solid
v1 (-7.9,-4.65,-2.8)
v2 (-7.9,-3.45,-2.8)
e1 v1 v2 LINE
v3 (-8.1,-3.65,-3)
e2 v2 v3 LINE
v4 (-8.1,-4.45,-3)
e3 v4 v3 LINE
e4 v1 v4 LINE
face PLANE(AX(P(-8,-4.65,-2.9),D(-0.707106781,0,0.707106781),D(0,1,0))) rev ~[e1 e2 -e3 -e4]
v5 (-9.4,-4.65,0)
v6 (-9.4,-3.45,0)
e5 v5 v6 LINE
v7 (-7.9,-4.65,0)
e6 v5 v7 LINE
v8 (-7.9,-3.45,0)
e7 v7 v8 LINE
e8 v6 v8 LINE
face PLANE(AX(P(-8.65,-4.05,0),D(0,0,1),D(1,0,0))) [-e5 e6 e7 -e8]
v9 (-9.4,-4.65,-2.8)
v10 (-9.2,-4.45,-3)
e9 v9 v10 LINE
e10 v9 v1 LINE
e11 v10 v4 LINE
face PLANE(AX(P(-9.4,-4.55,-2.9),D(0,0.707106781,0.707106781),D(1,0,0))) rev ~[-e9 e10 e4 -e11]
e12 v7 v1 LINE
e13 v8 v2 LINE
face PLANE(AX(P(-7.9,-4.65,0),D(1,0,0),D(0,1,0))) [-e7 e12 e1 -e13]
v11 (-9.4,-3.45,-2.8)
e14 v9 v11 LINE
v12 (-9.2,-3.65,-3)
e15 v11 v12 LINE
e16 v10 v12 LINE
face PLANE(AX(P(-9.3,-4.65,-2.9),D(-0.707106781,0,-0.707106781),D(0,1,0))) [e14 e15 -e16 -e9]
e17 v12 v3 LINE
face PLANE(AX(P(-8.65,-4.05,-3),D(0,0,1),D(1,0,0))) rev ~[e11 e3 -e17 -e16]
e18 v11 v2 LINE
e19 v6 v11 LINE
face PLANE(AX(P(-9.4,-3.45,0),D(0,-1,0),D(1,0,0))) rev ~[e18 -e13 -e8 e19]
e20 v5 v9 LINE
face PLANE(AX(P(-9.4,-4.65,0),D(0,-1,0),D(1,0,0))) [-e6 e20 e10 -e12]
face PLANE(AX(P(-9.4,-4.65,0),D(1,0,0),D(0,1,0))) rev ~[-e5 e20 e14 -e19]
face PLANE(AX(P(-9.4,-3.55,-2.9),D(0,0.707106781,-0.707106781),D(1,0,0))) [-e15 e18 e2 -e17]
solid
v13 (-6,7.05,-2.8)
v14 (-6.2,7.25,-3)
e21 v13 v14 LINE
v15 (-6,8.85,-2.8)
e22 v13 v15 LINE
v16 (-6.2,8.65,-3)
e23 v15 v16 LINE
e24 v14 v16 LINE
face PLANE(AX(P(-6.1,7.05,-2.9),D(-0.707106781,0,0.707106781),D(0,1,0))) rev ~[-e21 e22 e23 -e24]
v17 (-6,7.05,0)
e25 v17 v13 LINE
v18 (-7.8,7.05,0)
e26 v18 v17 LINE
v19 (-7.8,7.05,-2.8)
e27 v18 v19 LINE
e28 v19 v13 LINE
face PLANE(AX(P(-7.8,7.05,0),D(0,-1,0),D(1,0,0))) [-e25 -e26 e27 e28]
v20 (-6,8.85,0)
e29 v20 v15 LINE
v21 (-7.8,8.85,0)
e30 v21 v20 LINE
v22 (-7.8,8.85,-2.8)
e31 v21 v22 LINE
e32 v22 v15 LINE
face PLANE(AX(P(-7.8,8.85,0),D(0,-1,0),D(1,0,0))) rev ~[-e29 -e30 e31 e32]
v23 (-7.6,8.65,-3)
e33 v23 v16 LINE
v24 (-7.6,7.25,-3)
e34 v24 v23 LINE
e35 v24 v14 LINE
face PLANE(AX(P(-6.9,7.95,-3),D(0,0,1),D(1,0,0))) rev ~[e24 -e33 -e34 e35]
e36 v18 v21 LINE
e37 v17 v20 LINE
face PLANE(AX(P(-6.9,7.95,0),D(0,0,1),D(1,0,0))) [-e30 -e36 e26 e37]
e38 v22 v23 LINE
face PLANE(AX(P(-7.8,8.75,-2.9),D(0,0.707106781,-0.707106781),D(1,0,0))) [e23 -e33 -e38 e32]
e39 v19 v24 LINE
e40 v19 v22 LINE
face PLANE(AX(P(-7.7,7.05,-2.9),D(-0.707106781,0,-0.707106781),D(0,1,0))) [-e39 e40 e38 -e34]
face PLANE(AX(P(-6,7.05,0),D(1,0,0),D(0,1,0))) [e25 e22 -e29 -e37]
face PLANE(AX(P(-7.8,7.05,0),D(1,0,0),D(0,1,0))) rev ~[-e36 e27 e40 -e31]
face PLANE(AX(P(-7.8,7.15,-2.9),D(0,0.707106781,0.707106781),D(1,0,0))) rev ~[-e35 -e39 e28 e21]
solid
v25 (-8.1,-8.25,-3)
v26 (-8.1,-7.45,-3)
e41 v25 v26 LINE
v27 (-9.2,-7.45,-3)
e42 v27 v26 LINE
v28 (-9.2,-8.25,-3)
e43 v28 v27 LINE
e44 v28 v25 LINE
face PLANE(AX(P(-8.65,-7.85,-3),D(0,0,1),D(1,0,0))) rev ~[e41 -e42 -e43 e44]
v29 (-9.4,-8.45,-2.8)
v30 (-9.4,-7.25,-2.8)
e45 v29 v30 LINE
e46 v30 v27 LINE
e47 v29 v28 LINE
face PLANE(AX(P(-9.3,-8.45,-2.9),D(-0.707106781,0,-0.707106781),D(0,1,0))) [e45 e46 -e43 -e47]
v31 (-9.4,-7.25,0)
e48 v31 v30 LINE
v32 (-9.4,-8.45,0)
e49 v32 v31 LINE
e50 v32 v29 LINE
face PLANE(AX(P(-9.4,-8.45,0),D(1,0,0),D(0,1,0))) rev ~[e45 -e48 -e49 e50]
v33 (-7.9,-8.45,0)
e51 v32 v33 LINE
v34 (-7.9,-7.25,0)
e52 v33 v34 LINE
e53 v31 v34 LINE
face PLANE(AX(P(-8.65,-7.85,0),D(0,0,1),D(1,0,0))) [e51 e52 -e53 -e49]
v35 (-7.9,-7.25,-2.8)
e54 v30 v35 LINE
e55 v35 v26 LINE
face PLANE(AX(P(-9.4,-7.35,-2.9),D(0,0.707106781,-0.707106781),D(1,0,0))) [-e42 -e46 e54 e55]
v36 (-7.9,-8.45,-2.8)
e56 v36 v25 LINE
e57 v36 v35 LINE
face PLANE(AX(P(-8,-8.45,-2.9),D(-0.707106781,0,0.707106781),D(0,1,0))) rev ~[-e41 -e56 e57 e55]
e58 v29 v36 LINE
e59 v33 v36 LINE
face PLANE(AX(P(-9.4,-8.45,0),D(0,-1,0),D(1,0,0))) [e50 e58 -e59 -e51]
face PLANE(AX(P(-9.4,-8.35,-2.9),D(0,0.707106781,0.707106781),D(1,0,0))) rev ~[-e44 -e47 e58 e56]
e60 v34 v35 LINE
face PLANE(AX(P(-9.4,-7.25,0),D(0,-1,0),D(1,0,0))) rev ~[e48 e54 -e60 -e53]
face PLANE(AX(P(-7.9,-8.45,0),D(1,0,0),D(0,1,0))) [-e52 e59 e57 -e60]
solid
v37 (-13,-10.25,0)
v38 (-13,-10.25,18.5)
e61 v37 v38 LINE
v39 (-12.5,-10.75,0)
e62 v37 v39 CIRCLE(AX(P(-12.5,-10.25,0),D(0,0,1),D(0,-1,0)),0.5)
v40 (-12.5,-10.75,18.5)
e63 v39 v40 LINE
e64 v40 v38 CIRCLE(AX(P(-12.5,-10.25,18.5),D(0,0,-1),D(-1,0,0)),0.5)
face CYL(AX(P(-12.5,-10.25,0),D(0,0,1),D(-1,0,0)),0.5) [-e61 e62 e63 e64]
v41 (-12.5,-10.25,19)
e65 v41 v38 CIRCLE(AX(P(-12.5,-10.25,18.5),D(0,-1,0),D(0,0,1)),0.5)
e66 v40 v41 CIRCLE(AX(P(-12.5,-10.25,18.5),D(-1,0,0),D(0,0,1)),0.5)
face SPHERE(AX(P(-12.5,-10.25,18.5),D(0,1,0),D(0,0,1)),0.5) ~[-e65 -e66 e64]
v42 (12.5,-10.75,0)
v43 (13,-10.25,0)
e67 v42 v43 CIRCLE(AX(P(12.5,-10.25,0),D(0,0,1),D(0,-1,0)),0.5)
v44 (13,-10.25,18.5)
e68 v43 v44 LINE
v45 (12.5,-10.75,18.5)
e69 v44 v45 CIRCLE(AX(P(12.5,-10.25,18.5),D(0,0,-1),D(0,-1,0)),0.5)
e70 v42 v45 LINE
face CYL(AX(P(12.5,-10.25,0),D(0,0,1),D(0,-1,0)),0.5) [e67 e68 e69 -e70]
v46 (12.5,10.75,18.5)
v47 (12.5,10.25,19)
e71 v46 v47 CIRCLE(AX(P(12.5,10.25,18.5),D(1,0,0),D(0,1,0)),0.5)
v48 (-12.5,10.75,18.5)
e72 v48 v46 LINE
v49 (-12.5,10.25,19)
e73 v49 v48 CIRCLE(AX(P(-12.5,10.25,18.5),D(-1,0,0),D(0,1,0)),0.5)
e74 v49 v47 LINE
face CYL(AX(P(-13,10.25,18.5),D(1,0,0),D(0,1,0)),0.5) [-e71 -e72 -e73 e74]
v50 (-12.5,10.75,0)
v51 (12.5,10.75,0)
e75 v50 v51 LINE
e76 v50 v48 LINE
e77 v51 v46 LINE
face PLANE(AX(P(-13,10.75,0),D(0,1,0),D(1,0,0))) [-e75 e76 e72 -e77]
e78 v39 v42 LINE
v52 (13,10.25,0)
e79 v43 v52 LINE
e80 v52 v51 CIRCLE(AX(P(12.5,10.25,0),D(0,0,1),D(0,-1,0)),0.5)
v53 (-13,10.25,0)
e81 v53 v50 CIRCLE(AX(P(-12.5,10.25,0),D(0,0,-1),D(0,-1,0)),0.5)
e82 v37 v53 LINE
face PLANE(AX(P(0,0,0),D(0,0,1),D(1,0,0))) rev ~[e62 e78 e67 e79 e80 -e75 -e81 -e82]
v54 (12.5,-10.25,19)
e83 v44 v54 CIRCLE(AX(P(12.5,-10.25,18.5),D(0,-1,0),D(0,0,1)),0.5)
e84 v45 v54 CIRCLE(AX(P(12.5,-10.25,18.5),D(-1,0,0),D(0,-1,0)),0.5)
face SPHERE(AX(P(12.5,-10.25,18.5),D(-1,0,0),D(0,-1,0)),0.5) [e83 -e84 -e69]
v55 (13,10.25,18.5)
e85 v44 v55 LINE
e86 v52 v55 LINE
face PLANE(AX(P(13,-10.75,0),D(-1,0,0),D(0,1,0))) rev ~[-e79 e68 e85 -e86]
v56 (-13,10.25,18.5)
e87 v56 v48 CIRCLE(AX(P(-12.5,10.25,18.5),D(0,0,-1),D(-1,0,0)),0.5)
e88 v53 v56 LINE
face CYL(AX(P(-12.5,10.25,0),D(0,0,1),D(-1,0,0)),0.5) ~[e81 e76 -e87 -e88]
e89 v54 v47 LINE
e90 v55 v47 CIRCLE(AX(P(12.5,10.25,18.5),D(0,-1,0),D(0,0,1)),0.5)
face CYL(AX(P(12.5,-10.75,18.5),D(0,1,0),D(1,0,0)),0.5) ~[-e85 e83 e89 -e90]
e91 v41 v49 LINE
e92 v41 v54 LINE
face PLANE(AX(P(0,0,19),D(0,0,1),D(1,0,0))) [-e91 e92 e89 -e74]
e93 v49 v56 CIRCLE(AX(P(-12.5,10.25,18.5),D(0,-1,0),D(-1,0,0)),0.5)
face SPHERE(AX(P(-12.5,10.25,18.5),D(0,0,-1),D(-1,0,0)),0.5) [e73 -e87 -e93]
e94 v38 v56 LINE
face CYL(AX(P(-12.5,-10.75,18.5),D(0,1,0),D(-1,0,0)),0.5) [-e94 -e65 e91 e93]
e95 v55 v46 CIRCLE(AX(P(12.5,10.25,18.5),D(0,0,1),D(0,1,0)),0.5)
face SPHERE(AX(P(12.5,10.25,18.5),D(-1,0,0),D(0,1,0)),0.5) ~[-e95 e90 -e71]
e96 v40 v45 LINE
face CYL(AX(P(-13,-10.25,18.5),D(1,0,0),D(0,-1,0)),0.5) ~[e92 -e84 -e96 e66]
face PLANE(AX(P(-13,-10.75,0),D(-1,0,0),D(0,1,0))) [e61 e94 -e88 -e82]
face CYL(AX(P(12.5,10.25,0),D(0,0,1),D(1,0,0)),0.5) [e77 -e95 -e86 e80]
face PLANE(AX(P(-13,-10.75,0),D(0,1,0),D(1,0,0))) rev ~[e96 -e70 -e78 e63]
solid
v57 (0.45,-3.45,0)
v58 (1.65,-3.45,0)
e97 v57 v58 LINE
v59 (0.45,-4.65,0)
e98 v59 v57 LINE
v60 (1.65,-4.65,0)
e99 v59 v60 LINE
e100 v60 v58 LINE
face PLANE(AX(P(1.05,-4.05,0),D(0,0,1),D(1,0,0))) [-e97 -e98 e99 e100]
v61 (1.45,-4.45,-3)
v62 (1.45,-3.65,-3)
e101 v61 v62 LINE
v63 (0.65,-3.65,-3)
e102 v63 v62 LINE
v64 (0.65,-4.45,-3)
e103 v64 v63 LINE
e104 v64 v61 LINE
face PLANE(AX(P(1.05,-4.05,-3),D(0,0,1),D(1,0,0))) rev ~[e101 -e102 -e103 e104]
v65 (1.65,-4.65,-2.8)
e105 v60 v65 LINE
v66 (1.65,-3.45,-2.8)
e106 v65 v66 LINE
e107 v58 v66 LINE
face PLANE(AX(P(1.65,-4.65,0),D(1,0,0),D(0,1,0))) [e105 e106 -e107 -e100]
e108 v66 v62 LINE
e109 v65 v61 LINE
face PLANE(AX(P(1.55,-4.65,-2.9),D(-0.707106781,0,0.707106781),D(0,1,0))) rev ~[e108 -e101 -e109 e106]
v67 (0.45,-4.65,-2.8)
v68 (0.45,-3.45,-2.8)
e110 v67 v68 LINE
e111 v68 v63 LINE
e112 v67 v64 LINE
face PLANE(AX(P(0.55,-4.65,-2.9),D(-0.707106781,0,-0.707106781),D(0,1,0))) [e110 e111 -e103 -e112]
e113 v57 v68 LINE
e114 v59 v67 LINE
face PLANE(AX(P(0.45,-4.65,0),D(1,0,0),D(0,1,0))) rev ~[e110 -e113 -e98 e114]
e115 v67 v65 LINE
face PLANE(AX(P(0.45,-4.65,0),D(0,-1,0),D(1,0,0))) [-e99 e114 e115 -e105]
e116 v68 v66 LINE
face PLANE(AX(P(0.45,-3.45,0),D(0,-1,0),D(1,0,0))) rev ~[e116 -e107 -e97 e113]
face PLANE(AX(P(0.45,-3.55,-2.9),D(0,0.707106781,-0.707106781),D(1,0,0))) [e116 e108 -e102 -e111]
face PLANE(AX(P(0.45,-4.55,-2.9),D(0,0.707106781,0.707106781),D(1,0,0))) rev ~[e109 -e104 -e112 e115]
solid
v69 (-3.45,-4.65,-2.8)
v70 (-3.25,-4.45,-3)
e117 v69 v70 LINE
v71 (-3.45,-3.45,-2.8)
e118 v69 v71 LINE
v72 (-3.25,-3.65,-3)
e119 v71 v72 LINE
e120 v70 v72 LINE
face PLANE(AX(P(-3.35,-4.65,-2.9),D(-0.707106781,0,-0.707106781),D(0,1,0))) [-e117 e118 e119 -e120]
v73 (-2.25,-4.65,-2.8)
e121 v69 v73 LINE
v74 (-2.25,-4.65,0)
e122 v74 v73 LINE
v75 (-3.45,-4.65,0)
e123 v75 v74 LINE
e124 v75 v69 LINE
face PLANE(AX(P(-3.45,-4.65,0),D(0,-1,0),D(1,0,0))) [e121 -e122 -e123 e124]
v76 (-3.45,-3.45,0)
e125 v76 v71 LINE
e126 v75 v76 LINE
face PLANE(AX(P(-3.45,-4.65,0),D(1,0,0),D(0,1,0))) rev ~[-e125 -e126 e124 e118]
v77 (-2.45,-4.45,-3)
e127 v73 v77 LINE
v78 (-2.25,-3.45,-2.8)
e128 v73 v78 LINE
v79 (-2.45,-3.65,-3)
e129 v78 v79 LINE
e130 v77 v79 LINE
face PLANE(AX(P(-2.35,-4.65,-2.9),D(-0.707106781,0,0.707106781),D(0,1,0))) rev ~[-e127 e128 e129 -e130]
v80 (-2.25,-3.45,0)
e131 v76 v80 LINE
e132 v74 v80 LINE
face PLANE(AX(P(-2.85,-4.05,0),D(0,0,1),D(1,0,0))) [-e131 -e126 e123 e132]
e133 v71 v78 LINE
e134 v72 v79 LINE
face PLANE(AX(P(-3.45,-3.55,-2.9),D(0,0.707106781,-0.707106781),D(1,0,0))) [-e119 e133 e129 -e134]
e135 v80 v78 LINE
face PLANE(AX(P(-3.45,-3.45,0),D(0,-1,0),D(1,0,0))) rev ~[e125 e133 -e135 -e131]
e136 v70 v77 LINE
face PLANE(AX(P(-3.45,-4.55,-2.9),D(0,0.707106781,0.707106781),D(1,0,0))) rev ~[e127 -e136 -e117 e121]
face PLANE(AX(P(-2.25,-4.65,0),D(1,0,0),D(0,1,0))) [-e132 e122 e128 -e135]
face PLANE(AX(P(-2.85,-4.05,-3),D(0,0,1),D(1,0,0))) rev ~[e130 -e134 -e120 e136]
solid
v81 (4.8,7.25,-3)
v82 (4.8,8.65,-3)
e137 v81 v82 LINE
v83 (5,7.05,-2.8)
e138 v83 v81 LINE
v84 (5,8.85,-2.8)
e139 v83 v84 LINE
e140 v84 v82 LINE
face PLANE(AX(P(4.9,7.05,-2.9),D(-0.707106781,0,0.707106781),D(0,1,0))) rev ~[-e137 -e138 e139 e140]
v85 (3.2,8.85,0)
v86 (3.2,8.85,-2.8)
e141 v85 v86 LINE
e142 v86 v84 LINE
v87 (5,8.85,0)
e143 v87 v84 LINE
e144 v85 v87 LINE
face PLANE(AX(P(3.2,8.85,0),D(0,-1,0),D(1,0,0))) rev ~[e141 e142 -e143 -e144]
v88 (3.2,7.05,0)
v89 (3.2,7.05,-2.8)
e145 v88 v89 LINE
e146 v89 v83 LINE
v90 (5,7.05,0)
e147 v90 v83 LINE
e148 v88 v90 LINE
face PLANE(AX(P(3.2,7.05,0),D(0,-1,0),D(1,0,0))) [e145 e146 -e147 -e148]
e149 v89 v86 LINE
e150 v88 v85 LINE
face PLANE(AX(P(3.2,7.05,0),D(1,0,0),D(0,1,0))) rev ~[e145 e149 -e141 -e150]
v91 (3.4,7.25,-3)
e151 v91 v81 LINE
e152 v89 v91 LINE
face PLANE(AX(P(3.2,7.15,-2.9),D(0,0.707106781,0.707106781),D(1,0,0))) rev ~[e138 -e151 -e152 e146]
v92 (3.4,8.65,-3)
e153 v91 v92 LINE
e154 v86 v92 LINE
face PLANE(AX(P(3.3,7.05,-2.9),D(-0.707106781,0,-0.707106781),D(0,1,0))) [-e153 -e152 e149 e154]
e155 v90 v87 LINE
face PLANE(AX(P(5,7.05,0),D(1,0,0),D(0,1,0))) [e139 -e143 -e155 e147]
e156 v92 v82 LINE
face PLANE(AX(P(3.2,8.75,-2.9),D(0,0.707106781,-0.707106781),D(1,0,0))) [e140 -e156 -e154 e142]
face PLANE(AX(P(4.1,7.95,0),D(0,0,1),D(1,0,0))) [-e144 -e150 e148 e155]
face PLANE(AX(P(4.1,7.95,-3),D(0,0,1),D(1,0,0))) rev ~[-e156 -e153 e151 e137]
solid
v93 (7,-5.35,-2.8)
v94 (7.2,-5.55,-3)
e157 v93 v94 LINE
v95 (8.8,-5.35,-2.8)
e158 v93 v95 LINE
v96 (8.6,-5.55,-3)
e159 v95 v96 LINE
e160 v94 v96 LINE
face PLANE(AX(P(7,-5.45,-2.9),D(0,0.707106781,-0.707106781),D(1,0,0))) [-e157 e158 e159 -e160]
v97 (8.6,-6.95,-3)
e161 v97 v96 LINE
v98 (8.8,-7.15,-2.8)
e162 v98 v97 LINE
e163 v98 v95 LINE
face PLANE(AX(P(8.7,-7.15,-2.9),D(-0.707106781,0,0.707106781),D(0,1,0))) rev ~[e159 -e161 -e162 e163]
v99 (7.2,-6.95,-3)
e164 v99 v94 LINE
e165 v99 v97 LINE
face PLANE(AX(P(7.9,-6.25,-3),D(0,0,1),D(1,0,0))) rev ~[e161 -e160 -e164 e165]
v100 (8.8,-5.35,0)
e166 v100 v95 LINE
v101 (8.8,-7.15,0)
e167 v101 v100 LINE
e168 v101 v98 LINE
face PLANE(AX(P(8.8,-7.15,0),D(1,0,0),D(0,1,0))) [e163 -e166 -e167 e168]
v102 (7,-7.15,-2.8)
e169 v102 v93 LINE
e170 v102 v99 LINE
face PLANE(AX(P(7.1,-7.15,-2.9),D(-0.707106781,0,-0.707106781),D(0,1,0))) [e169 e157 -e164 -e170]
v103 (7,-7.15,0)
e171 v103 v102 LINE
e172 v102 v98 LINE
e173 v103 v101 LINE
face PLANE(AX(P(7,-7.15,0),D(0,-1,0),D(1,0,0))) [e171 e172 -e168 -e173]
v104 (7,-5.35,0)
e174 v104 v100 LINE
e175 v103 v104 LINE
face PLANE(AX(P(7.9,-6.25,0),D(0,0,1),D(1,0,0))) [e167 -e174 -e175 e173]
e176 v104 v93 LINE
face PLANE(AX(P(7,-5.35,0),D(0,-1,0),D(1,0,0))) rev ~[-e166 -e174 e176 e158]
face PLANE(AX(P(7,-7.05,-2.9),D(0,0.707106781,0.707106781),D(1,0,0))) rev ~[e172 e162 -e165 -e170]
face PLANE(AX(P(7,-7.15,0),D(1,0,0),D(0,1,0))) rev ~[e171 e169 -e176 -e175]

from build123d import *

# Parameters (mm, degrees)
F0_W     = 26
F0_H     = 21.5
F2_DEPTH = 19
F1_W     = 1.8
F1_H     = 1.8
F1_W_2   = 1.5
F1_H_2   = 1.2
F1_W_3   = 1.2
F3_DEPTH = 3
F4_R     = 0.5
F5_SIZE  = 0.2


with BuildPart() as f2:
    # F0 (on Top) → F2 (new body)
    with BuildSketch(Plane.XY):
        Rectangle(F0_W, F0_H)
    extrude(amount=F2_DEPTH)

    # F4
    f4_edges = [f2.edges().sort_by_distance(p)[0] for p in [
        (-13, 10.75, 9.5),
        (-13, 0, 19),
        (0, 10.75, 19),
        (0, -10.75, 19),
        (-13, -10.75, 9.5),
        (13, 10.75, 9.5),
        (13, -10.75, 9.5),
        (13, 0, 19),
    ]]
    fillet(f4_edges, radius=F4_R)


with BuildPart() as f3:
    # F1 (on Top) → F3 (new body)
    with BuildSketch(Plane.XY):
        with Locations((4.1, 7.95)):
            Rectangle(F1_W, F1_H)
        with Locations((-6.9, 7.95)):
            Rectangle(F1_W, F1_H)
        with Locations((-8.65, -4.05)):
            Rectangle(F1_W_2, F1_H_2)
        with Locations((-2.85, -4.05)):
            Rectangle(F1_W_3, F1_H_2)
        with Locations((1.05, -4.05)):
            Rectangle(F1_W_3, F1_H_2)
        with Locations((-8.65, -7.85)):
            Rectangle(F1_W_2, F1_H_2)
        with Locations((7.9, -6.25)):
            Rectangle(F1_W, F1_H)
    extrude(amount=-F3_DEPTH)

    # F5
    f5_edges = [f3.edges().sort_by_distance(p)[0] for p in [
        (5, 7.95, -3),
        (4.1, 8.85, -3),
        (3.2, 7.95, -3),
        (4.1, 7.05, -3),
        (-6, 7.95, -3),
        (-6.9, 8.85, -3),
        (-7.8, 7.95, -3),
        (-6.9, 7.05, -3),
        (8.8, -6.25, -3),
        (7.9, -5.35, -3),
        (7, -6.25, -3),
        (7.9, -7.15, -3),
        (-7.9, -7.85, -3),
        (-8.65, -7.25, -3),
        (-9.4, -7.85, -3),
        (-8.65, -8.45, -3),
        (-7.9, -4.05, -3),
        (-8.65, -3.45, -3),
        (-9.4, -4.05, -3),
        (-8.65, -4.65, -3),
        (-2.25, -4.05, -3),
        (-2.85, -3.45, -3),
        (-3.45, -4.05, -3),
        (-2.85, -4.65, -3),
        (1.05, -4.65, -3),
        (1.65, -4.05, -3),
        (1.05, -3.45, -3),
        (0.45, -4.05, -3),
    ]]
    chamfer(f5_edges, length=F5_SIZE)


solid = Compound([f2.part, f3.part])
